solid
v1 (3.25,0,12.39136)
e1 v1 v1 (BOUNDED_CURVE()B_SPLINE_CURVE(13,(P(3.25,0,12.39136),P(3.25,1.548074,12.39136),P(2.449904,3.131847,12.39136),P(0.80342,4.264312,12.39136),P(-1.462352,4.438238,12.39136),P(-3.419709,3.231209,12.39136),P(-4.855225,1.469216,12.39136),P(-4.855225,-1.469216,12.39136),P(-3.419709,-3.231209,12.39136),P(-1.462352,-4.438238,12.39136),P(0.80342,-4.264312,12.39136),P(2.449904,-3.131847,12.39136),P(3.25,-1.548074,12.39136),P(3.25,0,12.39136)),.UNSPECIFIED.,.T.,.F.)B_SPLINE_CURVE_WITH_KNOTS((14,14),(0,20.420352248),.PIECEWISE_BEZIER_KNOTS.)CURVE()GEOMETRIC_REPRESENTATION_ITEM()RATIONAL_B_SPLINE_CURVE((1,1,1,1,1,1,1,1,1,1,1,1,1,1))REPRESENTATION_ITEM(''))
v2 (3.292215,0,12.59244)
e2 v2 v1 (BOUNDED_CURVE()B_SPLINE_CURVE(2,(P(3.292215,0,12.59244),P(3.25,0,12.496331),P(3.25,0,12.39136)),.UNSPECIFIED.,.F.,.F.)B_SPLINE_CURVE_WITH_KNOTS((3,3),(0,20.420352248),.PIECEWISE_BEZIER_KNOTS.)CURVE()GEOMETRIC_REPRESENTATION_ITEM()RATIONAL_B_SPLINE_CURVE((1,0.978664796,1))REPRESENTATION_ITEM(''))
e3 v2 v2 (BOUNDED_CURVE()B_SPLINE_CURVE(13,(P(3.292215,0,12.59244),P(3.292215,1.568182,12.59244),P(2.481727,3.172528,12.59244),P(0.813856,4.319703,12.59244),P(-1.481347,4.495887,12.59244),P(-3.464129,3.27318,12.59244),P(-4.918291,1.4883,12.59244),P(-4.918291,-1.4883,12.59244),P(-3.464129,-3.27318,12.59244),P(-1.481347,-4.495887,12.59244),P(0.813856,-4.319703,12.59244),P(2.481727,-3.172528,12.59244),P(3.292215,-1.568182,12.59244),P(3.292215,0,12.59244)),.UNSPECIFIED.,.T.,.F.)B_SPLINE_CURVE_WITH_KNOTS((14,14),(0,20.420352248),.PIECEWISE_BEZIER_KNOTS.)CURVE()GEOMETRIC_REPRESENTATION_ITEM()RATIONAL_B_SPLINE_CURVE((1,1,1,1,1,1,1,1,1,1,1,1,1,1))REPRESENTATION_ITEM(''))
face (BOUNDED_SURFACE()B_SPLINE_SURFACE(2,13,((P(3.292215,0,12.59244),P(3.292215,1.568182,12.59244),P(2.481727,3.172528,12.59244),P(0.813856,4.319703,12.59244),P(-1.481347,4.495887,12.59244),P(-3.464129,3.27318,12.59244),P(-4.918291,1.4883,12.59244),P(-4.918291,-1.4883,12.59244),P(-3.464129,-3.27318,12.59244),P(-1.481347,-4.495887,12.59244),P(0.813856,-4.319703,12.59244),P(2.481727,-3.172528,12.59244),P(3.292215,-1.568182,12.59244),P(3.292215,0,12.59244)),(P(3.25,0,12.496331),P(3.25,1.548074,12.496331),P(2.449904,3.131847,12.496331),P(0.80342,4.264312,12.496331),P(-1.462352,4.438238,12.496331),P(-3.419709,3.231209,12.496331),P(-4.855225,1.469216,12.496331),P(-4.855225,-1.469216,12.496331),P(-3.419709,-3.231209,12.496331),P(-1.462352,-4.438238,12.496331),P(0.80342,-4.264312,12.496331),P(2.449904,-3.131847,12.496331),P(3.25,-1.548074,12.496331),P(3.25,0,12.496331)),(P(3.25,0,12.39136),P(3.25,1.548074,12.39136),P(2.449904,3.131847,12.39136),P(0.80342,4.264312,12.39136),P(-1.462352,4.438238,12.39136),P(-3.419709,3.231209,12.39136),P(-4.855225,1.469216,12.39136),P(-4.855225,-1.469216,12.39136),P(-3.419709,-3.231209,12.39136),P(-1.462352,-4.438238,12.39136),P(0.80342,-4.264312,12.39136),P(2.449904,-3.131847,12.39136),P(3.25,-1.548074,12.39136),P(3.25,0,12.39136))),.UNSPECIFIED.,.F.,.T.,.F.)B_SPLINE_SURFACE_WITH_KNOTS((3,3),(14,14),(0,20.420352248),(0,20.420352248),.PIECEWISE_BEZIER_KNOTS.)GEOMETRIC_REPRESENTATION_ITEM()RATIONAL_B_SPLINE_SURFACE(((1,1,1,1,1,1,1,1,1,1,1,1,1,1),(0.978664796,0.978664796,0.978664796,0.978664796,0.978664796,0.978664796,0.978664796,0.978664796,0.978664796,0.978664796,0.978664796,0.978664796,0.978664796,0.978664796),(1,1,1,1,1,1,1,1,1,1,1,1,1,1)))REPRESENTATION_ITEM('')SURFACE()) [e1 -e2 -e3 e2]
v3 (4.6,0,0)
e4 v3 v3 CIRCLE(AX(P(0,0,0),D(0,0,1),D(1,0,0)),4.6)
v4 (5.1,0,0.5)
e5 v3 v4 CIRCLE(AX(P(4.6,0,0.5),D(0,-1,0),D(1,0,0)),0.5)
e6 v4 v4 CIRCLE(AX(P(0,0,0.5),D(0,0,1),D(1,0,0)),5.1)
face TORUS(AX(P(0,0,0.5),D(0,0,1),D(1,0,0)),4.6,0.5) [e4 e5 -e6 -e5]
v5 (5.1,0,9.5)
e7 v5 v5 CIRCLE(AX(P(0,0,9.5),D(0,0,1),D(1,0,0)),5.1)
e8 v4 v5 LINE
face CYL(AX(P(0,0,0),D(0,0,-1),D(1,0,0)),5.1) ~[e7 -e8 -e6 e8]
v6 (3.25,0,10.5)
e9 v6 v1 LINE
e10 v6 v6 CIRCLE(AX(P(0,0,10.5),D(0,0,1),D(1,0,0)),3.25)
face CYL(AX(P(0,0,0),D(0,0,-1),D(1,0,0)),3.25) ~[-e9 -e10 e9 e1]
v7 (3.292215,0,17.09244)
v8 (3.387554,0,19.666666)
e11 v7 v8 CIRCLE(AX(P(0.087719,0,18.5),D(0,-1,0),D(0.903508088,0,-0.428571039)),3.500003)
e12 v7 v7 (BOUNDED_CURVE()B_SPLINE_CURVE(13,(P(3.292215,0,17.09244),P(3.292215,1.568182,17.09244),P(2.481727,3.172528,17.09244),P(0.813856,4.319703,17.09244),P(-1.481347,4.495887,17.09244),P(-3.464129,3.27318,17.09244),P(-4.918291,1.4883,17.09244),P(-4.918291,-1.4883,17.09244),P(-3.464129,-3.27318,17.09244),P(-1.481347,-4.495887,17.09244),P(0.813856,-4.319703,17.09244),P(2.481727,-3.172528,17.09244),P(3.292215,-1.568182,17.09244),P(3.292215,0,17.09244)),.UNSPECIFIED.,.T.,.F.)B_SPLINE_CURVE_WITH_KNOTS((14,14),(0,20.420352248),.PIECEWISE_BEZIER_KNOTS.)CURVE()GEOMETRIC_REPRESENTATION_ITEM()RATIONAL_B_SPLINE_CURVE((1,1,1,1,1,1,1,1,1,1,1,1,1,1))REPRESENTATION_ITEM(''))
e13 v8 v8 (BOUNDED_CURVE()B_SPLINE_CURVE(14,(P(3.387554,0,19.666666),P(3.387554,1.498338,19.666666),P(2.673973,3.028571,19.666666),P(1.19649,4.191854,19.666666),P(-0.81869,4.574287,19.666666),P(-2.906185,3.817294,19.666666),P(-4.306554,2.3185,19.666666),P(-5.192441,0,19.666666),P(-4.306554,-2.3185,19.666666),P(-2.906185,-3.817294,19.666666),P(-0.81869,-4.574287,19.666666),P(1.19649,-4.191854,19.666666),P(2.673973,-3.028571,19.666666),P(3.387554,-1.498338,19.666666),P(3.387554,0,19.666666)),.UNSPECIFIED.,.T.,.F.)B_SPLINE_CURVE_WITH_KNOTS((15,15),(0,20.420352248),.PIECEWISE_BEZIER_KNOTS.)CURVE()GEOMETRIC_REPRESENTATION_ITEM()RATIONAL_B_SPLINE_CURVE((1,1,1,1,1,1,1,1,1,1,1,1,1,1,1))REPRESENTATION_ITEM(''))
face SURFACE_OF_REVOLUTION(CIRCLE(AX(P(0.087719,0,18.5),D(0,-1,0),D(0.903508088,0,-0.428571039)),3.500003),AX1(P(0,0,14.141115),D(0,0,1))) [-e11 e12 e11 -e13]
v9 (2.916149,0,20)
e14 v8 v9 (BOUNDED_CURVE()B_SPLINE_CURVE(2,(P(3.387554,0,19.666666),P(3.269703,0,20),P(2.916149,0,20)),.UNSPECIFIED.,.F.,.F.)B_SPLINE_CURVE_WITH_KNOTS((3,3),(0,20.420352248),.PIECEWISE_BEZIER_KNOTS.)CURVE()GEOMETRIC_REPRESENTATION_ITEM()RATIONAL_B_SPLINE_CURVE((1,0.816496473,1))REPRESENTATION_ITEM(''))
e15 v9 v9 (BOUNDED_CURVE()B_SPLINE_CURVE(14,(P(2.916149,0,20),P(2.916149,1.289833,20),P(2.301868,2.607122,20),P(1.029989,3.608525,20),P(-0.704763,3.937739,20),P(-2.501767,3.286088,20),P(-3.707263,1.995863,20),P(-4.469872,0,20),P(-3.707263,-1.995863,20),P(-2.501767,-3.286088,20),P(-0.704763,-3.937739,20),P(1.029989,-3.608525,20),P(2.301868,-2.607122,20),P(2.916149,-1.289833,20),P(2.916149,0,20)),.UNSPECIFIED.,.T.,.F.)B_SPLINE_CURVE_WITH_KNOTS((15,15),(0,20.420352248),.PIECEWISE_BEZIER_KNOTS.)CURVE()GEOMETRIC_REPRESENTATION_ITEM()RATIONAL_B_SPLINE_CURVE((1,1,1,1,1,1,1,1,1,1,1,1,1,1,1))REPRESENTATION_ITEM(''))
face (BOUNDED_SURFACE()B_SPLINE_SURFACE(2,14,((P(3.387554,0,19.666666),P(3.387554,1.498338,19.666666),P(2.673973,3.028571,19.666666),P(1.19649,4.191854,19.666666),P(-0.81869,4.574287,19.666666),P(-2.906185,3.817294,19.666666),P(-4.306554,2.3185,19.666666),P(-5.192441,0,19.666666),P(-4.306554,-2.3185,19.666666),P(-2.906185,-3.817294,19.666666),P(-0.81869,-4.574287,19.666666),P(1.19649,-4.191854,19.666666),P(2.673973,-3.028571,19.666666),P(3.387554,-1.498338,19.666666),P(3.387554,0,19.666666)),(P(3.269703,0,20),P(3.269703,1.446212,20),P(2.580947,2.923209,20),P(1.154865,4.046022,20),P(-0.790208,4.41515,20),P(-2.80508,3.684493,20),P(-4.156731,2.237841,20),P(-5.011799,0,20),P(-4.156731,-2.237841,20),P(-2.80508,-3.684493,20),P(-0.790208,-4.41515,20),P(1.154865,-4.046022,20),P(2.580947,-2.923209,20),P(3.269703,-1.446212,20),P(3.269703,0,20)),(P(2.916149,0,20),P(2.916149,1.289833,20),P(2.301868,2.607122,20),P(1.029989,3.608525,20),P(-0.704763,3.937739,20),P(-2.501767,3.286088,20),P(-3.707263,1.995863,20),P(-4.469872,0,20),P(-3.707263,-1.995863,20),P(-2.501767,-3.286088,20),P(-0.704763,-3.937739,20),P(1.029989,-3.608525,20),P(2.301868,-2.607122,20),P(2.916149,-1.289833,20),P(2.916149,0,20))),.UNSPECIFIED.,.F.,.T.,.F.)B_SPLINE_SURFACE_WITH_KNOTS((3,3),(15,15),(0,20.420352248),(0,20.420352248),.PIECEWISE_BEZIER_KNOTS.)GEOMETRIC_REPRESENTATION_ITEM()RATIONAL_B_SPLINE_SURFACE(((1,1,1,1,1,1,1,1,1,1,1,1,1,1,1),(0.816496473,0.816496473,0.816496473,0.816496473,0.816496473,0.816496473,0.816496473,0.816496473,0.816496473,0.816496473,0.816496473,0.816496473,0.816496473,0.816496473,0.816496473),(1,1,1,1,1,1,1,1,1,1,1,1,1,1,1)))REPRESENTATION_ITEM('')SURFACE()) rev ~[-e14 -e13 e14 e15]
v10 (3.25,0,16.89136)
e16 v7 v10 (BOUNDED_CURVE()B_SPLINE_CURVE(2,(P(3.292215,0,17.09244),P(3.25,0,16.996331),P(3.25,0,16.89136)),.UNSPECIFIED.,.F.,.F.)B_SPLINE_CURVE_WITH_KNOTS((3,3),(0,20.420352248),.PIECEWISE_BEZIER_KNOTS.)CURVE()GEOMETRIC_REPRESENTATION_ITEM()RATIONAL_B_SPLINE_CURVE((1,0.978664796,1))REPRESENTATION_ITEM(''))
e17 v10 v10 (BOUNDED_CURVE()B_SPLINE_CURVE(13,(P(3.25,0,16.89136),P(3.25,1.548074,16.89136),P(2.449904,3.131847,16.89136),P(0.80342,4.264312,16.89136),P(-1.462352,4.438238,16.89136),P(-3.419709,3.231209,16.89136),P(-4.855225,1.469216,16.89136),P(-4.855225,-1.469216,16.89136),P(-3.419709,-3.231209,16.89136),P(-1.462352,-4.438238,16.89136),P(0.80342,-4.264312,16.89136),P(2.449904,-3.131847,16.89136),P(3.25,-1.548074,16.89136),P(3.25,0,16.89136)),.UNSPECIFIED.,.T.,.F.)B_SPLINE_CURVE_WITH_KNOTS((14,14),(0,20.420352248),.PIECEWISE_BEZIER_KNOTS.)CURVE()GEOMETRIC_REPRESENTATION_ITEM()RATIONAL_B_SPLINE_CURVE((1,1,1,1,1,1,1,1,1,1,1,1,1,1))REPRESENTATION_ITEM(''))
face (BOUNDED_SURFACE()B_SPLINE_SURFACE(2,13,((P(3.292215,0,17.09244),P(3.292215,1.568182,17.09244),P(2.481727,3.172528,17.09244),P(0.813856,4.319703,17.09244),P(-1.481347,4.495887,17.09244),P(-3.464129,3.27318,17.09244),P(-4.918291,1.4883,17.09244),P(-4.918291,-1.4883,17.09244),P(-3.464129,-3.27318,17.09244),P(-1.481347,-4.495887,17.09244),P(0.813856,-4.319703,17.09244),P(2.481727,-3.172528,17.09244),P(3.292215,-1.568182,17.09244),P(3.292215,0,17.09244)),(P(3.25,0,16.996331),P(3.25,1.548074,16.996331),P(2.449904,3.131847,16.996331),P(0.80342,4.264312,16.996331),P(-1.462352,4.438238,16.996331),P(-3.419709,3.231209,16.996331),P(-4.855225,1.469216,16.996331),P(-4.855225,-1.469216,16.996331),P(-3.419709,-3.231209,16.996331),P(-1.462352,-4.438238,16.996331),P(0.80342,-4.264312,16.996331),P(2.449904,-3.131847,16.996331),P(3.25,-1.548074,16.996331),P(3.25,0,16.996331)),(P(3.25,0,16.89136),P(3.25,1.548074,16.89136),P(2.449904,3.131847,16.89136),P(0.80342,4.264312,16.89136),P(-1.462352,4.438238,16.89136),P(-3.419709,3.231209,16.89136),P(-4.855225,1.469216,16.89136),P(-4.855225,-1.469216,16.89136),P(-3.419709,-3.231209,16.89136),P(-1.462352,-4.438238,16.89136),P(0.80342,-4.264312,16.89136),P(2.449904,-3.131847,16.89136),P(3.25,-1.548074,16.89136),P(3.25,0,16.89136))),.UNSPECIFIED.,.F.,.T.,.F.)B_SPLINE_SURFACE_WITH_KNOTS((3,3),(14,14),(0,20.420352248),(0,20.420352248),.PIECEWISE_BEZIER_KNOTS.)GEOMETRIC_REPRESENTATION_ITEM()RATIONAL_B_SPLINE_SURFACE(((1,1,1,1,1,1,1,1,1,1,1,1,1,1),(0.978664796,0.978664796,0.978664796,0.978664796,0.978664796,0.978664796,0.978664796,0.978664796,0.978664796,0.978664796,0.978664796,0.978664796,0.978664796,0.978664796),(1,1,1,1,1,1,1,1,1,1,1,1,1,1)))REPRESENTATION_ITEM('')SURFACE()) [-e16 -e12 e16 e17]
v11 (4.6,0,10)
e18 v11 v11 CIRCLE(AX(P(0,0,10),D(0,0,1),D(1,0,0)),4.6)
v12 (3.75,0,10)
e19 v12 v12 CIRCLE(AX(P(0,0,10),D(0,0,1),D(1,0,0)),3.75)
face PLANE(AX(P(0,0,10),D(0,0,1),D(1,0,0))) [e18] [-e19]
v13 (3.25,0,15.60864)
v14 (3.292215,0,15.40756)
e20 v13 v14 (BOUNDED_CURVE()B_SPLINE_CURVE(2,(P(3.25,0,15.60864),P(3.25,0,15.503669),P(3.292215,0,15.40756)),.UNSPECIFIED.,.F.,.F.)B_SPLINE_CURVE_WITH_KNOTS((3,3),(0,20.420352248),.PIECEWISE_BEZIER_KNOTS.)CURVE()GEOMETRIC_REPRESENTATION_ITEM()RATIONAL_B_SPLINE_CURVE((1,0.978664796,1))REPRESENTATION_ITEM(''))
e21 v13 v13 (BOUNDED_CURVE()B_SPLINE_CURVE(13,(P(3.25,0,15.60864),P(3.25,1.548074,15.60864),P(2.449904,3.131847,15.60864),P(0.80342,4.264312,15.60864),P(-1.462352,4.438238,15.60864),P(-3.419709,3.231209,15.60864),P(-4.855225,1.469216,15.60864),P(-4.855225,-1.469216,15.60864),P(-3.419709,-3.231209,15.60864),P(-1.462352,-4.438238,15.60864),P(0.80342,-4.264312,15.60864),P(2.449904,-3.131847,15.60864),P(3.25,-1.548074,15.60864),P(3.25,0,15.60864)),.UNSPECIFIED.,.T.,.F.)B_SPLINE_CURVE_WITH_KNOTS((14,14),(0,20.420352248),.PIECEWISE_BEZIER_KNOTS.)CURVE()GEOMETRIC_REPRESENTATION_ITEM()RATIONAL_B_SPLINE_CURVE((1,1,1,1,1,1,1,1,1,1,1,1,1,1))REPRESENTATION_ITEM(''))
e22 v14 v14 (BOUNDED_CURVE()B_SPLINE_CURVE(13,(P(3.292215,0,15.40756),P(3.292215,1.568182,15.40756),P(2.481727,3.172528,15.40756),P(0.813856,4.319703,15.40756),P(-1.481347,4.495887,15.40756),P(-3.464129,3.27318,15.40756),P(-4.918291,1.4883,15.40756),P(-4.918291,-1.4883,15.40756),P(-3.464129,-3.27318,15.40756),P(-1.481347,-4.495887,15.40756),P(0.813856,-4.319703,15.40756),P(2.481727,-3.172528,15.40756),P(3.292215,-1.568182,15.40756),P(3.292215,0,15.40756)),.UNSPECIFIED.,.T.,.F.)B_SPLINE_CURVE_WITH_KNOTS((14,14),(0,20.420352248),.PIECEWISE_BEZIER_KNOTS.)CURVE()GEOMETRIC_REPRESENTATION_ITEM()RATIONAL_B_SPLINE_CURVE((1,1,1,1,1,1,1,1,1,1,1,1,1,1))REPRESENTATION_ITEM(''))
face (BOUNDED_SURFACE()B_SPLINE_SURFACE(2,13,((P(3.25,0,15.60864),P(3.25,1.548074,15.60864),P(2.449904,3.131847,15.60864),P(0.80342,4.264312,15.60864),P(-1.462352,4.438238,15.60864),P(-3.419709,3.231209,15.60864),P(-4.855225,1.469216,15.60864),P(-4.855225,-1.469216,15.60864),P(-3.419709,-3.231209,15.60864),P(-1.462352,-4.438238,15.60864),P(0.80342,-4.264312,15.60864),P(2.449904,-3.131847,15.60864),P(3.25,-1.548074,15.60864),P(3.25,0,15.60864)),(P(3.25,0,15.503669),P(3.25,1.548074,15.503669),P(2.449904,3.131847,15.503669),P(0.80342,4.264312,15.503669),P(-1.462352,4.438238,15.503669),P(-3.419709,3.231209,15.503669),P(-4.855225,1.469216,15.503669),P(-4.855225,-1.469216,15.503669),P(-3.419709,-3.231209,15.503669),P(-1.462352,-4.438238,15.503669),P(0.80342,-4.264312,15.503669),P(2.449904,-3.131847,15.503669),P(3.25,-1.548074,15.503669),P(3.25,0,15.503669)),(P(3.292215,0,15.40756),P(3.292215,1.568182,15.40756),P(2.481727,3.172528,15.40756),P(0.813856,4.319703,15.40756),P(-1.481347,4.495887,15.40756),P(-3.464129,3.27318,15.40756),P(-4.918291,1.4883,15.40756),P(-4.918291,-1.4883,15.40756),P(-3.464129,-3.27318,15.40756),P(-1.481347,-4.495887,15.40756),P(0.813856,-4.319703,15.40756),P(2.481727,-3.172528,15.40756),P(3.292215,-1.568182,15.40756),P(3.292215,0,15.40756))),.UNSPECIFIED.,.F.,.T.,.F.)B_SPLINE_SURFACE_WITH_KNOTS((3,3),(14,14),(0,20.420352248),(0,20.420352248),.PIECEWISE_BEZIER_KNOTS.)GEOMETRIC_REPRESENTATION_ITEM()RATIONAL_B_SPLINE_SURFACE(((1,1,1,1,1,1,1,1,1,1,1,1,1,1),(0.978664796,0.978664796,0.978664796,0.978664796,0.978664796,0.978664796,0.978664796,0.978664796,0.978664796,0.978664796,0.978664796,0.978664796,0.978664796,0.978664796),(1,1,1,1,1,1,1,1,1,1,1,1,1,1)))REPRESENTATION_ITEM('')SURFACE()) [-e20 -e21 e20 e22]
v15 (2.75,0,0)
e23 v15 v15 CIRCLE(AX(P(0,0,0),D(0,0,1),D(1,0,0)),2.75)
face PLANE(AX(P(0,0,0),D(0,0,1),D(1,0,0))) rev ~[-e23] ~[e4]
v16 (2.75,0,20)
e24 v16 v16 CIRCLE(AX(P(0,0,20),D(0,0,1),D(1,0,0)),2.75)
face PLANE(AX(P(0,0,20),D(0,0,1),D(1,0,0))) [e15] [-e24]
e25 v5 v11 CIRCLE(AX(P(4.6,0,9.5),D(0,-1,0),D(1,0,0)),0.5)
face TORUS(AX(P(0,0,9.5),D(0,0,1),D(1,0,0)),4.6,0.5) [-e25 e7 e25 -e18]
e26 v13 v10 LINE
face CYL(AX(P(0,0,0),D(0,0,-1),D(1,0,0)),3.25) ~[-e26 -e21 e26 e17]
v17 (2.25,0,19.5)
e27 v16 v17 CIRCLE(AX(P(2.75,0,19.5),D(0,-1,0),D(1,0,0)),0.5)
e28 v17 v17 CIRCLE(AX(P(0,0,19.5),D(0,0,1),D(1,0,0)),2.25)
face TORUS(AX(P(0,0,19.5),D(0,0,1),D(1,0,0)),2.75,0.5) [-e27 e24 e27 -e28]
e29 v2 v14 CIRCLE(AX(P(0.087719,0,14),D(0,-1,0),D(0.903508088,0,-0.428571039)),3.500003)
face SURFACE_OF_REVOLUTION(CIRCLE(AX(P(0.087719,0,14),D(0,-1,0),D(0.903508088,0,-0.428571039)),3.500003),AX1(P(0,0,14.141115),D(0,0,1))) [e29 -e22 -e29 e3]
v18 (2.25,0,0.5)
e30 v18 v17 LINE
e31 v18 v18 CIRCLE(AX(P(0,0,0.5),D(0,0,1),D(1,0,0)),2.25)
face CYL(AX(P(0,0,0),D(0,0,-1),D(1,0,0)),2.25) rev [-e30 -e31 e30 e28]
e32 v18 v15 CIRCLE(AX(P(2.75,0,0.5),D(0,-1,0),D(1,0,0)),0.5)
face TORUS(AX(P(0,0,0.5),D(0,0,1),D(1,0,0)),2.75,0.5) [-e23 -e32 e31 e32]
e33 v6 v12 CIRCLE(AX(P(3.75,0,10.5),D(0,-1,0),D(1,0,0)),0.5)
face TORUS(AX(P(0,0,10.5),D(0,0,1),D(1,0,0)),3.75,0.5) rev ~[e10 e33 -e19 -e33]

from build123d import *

# Parameters (mm, degrees)
F0_R     = 3.25
F0_R_2   = 2.25
F1_DEPTH = 20
F0_R_3   = 5.1
F2_DEPTH = 10
F5_R     = 0.5


with BuildPart() as f1:
    # F0 (on Top) → F1 (new body)
    with BuildSketch(Plane.XY):
        Circle(F0_R)
        Circle(F0_R_2, mode=Mode.SUBTRACT)
    extrude(amount=F1_DEPTH)

    # F0 (on Top) → F2 (join)
    with BuildSketch(Plane.XY):
        Circle(F0_R_3)
        Circle(F0_R, mode=Mode.SUBTRACT)
    extrude(amount=F2_DEPTH)

    # F3 (on Front) → F4 (revolve)
    with BuildSketch(Plane.XZ):
        with BuildLine():
            Line((3.25, 20), (3.25, 17))
            ThreePointArc((3.25, 17), (3.587722, 18.5), (3.25, 20))
        make_face()
        with BuildLine():
            Line((3.25, 15.5), (3.25, 12.5))
            ThreePointArc((3.25, 12.5), (3.587722, 14), (3.25, 15.5))
        make_face()
    revolve(axis=Axis((0, 0, 14.141115), (0, 0, 1)))

    # F5
    f5_edges = [f1.edges().sort_by_distance(p)[0] for p in [
        (-5.1, 0, 10),
        (-3.25, 0, 10),
        (3.587722, 0, 18.5),
        (-3.25, 0, 20),
        (-3.25, 0, 17),
        (-2.25, 0, 20),
        (2.25, 0, 10),
        (-2.25, 0, 0),
        (-3.25, 0, 12.5),
        (-3.25, 0, 15.5),
        (3.587722, 0, 14),
        (5.1, 0, 5),
        (-5.1, 0, 0),
        (3.25, 0, 11.25),
    ]]
    fillet(f5_edges, radius=F5_R)


solid = f1.part
